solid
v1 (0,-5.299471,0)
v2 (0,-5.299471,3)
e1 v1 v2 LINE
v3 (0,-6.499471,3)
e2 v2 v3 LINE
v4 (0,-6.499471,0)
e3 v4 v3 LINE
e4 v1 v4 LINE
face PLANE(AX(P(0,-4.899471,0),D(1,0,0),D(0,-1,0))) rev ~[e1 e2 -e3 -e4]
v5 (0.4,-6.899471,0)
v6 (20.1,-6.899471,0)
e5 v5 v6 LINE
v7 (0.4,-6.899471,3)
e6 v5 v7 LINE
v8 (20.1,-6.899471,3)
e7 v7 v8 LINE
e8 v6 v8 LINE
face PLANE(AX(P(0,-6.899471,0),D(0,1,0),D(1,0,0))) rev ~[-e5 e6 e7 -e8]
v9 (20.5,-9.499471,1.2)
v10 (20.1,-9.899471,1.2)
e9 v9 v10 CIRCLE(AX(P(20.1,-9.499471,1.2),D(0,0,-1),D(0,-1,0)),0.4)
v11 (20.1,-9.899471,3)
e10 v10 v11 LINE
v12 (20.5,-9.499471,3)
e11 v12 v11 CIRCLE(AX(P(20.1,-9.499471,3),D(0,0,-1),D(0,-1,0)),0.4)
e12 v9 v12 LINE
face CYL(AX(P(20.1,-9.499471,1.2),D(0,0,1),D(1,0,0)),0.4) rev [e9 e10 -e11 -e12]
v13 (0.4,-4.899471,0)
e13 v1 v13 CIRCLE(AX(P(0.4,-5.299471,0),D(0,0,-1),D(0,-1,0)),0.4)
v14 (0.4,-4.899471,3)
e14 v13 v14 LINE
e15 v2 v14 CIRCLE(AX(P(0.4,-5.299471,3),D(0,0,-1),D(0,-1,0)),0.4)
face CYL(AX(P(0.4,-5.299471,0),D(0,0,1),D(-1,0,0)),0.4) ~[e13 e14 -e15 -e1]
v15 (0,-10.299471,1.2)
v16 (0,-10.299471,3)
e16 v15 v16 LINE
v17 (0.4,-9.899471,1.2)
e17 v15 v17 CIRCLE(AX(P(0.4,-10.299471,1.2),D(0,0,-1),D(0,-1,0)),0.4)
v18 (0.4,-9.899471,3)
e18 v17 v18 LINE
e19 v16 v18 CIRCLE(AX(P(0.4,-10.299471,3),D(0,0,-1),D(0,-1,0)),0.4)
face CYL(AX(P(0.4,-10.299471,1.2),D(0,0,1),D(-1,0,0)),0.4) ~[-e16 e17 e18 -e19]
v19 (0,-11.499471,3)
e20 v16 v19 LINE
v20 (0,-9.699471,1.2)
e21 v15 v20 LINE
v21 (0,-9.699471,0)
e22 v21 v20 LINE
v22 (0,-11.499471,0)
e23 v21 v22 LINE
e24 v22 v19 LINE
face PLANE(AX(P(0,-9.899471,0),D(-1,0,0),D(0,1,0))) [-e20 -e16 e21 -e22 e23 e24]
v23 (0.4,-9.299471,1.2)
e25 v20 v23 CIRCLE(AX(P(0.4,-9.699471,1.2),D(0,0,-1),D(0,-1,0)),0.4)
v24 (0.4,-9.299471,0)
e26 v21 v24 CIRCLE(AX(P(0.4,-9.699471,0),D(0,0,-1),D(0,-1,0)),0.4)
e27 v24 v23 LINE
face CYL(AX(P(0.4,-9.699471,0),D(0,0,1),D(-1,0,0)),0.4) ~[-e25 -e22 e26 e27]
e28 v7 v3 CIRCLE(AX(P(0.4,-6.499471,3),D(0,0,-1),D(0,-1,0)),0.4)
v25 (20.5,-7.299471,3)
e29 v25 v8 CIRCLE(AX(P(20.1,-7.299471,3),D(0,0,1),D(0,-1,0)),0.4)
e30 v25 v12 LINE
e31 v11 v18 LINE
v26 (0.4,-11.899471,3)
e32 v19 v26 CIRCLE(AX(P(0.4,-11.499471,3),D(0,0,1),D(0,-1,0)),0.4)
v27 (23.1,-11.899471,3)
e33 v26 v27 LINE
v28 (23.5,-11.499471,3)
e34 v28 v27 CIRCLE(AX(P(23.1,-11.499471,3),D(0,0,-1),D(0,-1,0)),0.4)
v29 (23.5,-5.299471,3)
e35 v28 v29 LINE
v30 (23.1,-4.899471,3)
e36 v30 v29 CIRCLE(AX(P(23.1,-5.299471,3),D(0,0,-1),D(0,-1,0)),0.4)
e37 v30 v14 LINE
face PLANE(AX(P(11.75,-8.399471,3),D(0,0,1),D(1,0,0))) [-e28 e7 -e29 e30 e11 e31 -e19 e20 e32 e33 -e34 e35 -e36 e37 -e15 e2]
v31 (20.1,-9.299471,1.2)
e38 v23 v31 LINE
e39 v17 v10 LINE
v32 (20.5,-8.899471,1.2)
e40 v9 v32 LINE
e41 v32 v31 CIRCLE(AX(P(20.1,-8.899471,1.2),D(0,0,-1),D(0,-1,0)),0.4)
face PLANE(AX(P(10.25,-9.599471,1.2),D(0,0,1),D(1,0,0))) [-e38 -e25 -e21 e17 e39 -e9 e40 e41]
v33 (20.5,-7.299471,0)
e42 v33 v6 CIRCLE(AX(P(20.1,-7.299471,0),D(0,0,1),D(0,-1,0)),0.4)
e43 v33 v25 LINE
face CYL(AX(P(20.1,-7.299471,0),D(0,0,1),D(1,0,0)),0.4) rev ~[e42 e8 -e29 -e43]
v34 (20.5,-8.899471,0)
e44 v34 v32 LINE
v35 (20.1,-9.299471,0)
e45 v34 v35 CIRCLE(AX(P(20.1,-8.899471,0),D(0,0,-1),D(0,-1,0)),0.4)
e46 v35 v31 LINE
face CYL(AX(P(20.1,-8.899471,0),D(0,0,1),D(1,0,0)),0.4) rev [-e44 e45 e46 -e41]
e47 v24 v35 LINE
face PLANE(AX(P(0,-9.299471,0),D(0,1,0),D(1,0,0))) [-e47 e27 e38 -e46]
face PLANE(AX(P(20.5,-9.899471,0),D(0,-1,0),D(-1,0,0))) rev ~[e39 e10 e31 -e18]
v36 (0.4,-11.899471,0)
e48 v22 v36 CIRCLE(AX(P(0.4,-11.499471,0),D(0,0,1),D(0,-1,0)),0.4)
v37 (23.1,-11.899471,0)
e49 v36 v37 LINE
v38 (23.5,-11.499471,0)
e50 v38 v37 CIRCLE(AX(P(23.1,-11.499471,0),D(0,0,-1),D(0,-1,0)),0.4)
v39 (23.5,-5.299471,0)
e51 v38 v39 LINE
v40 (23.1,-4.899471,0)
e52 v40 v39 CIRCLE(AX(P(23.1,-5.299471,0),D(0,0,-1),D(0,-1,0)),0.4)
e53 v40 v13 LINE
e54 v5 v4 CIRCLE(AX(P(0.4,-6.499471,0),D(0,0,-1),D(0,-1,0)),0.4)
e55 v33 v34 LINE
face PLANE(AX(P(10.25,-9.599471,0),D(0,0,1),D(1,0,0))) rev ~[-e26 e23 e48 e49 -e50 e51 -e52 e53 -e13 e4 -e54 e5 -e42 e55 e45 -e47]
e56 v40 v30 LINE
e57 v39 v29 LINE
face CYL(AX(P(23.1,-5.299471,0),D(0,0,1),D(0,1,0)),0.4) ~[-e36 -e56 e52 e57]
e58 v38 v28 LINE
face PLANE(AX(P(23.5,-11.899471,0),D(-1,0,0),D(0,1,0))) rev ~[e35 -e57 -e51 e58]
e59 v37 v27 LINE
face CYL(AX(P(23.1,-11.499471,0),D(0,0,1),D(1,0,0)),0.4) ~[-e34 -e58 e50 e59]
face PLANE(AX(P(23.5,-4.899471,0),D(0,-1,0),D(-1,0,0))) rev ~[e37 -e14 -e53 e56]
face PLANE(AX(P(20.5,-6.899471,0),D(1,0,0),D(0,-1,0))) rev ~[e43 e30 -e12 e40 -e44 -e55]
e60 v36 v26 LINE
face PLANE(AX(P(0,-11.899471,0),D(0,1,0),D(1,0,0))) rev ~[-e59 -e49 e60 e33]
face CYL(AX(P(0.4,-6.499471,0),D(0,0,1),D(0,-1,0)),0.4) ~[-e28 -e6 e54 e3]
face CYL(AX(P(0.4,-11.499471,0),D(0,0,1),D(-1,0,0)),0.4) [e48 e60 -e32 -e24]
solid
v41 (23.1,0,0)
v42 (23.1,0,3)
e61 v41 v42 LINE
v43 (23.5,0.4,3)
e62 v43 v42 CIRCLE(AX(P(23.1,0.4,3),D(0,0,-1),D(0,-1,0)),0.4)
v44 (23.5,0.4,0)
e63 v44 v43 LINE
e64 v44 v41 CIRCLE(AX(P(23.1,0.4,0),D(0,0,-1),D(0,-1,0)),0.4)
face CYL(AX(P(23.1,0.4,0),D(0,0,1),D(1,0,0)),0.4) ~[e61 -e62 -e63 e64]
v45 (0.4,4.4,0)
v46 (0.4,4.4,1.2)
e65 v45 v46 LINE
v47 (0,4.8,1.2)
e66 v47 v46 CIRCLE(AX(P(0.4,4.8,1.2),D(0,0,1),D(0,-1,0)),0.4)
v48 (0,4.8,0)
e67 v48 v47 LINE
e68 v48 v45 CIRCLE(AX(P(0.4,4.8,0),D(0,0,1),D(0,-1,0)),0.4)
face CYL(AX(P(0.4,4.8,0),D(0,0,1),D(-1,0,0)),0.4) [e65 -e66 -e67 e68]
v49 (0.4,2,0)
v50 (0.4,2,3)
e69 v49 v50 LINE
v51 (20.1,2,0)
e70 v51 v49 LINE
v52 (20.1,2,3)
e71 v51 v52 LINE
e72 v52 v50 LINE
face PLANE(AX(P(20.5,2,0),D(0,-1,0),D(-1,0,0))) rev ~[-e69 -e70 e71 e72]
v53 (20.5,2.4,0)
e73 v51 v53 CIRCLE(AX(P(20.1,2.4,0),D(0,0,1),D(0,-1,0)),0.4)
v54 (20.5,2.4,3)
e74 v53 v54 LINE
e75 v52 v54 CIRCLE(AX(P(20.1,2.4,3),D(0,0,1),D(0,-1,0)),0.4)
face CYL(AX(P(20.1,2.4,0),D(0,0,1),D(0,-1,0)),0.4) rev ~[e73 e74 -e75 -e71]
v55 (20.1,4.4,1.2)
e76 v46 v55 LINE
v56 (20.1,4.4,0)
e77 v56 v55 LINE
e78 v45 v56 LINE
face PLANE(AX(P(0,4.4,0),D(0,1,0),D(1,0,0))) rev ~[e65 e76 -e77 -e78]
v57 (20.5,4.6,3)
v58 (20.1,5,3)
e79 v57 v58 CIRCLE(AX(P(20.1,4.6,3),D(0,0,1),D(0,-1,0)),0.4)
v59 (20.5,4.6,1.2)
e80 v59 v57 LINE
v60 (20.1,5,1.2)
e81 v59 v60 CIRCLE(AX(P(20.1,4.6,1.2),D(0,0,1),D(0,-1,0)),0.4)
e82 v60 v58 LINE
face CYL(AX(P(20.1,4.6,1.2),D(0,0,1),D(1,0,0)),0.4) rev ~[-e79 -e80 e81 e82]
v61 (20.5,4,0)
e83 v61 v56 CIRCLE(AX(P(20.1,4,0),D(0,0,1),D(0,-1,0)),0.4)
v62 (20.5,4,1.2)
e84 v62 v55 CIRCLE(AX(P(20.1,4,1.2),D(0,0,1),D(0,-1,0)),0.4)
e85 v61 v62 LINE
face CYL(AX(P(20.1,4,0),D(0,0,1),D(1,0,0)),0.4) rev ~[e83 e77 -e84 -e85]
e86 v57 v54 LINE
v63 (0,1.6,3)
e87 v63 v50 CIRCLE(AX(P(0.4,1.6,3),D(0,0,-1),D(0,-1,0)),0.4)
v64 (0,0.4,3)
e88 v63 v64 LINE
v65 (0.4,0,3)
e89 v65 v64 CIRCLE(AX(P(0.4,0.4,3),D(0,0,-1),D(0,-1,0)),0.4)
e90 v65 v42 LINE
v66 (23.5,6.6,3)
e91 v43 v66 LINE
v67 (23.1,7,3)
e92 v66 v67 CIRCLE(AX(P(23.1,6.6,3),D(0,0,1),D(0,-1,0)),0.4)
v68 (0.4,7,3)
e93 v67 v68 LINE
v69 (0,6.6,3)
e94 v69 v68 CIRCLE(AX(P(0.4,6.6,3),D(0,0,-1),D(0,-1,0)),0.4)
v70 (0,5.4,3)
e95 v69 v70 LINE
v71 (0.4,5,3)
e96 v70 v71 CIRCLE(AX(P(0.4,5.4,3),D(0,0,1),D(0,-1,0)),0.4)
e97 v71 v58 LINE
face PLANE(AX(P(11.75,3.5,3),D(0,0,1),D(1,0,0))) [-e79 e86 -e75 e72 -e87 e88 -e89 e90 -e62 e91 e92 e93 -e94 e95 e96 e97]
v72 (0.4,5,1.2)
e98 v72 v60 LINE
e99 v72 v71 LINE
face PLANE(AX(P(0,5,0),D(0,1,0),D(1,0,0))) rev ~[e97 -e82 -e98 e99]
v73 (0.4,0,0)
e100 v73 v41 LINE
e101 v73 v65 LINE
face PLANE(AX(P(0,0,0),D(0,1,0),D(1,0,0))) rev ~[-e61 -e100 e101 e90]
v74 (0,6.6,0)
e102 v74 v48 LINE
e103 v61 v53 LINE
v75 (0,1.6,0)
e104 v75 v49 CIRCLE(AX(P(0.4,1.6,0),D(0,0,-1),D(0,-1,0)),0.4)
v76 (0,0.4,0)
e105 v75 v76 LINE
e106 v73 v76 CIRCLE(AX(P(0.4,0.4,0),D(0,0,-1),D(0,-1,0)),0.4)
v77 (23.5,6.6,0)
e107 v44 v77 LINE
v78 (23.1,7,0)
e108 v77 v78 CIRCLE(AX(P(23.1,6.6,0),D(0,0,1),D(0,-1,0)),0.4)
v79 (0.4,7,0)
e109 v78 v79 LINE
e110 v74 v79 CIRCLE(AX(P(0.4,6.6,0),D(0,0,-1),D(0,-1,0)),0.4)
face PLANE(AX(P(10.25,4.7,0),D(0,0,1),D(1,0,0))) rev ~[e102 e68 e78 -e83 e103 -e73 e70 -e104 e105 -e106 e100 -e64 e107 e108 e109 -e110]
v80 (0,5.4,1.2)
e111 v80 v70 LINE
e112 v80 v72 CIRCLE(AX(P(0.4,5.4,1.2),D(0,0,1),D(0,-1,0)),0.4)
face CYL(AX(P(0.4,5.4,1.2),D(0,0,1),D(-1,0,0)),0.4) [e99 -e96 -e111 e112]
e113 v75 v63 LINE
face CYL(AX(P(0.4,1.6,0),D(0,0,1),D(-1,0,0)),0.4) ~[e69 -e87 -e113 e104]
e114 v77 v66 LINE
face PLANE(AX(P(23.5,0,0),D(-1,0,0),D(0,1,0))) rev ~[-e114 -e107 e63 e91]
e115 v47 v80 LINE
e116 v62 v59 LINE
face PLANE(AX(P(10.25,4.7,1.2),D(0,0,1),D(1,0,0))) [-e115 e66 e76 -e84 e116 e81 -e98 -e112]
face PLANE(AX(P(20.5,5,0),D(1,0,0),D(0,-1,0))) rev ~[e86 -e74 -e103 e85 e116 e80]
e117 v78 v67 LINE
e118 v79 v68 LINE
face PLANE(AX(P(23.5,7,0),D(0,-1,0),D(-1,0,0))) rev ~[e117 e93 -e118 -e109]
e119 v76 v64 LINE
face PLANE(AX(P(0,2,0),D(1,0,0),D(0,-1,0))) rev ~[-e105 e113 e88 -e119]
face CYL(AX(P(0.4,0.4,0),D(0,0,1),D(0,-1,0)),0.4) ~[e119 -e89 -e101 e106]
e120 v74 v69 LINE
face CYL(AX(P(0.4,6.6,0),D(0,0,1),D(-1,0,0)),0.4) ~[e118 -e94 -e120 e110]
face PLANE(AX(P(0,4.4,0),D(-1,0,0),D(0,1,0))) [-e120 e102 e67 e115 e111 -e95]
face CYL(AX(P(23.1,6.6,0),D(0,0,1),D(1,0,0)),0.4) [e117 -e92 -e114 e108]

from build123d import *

# Parameters (mm, degrees)
BOSS_EXTRUDE1_DEPTH   = 3
BOSS_EXTRUDE1_2_DEPTH = 3
SKETCH2_4_W           = 20.5
SKETCH2_4_H           = 0.6
BOSS_EXTRUDE3_DEPTH   = 1.2
FILLET2_R             = 0.4
FILLET3_R             = 0.4


with BuildPart() as part:
    # Sketch2 → Boss-Extrude1 (new body)
    with BuildSketch(Plane.XY):
        Polygon((0, 2), (0, 0), (23.5, 0), (23.5, 7), (0, 7), (0, 5), (20.5, 5), (20.5, 2), align=None)
    extrude(amount=BOSS_EXTRUDE1_DEPTH)



with BuildPart() as body_2:
    # Sketch2 → Boss-Extrude1 2 (new body)
    with BuildSketch(Plane.XY):
        Polygon((20.5, -6.899471306), (20.5, -9.899471306), (0, -9.899471306), (0, -11.899471306), (23.5, -11.899471306), (23.5, -4.899471306), (0, -4.899471306), (0, -6.899471306), align=None)
    extrude(amount=BOSS_EXTRUDE1_2_DEPTH)


with BuildPart() as part_1:
    add(part.part)

    add(body_2.part)  # Boss-Extrude3 merges body 2
    # Sketch2<4> → Boss-Extrude3 (add)
    with BuildSketch(Plane.XY):
        with Locations((10.25, 4.7)):
            Rectangle(SKETCH2_4_W, SKETCH2_4_H)
        with Locations((10.25, -9.599471306)):
            Rectangle(SKETCH2_4_W, SKETCH2_4_H)
    extrude(amount=BOSS_EXTRUDE3_DEPTH)

    # Fillet2
    fillet2_edges = [part_1.edges().sort_by_distance(p)[0] for p in [
        (0, 5, 2.1),
        (20.5, 2, 1.5),
        (20.5, 4.4, 0.6),
        (20.5, 5, 2.1),
        (23.5, 7, 1.5),
        (23.5, 0, 1.5),
        (0, 0, 1.5),
        (0, 2, 1.5),
        (0, 4.4, 0.6),
        (0, 7, 1.5),
    ]]
    fillet(fillet2_edges, radius=FILLET2_R)

    # Fillet3
    fillet3_edges = [part_1.edges().sort_by_distance(p)[0] for p in [
        (23.5, -11.899471306, 1.5),
        (23.5, -4.899471306, 1.5),
        (20.5, -6.899471306, 1.5),
        (20.5, -9.899471306, 2.1),
        (20.5, -9.299471306, 0.6),
        (0, -11.899471306, 1.5),
        (0, -9.899471306, 2.1),
        (0, -9.299471306, 0.6),
        (0, -4.899471306, 1.5),
        (0, -6.899471306, 1.5),
    ]]
    fillet(fillet3_edges, radius=FILLET3_R)


solid = part_1.part
